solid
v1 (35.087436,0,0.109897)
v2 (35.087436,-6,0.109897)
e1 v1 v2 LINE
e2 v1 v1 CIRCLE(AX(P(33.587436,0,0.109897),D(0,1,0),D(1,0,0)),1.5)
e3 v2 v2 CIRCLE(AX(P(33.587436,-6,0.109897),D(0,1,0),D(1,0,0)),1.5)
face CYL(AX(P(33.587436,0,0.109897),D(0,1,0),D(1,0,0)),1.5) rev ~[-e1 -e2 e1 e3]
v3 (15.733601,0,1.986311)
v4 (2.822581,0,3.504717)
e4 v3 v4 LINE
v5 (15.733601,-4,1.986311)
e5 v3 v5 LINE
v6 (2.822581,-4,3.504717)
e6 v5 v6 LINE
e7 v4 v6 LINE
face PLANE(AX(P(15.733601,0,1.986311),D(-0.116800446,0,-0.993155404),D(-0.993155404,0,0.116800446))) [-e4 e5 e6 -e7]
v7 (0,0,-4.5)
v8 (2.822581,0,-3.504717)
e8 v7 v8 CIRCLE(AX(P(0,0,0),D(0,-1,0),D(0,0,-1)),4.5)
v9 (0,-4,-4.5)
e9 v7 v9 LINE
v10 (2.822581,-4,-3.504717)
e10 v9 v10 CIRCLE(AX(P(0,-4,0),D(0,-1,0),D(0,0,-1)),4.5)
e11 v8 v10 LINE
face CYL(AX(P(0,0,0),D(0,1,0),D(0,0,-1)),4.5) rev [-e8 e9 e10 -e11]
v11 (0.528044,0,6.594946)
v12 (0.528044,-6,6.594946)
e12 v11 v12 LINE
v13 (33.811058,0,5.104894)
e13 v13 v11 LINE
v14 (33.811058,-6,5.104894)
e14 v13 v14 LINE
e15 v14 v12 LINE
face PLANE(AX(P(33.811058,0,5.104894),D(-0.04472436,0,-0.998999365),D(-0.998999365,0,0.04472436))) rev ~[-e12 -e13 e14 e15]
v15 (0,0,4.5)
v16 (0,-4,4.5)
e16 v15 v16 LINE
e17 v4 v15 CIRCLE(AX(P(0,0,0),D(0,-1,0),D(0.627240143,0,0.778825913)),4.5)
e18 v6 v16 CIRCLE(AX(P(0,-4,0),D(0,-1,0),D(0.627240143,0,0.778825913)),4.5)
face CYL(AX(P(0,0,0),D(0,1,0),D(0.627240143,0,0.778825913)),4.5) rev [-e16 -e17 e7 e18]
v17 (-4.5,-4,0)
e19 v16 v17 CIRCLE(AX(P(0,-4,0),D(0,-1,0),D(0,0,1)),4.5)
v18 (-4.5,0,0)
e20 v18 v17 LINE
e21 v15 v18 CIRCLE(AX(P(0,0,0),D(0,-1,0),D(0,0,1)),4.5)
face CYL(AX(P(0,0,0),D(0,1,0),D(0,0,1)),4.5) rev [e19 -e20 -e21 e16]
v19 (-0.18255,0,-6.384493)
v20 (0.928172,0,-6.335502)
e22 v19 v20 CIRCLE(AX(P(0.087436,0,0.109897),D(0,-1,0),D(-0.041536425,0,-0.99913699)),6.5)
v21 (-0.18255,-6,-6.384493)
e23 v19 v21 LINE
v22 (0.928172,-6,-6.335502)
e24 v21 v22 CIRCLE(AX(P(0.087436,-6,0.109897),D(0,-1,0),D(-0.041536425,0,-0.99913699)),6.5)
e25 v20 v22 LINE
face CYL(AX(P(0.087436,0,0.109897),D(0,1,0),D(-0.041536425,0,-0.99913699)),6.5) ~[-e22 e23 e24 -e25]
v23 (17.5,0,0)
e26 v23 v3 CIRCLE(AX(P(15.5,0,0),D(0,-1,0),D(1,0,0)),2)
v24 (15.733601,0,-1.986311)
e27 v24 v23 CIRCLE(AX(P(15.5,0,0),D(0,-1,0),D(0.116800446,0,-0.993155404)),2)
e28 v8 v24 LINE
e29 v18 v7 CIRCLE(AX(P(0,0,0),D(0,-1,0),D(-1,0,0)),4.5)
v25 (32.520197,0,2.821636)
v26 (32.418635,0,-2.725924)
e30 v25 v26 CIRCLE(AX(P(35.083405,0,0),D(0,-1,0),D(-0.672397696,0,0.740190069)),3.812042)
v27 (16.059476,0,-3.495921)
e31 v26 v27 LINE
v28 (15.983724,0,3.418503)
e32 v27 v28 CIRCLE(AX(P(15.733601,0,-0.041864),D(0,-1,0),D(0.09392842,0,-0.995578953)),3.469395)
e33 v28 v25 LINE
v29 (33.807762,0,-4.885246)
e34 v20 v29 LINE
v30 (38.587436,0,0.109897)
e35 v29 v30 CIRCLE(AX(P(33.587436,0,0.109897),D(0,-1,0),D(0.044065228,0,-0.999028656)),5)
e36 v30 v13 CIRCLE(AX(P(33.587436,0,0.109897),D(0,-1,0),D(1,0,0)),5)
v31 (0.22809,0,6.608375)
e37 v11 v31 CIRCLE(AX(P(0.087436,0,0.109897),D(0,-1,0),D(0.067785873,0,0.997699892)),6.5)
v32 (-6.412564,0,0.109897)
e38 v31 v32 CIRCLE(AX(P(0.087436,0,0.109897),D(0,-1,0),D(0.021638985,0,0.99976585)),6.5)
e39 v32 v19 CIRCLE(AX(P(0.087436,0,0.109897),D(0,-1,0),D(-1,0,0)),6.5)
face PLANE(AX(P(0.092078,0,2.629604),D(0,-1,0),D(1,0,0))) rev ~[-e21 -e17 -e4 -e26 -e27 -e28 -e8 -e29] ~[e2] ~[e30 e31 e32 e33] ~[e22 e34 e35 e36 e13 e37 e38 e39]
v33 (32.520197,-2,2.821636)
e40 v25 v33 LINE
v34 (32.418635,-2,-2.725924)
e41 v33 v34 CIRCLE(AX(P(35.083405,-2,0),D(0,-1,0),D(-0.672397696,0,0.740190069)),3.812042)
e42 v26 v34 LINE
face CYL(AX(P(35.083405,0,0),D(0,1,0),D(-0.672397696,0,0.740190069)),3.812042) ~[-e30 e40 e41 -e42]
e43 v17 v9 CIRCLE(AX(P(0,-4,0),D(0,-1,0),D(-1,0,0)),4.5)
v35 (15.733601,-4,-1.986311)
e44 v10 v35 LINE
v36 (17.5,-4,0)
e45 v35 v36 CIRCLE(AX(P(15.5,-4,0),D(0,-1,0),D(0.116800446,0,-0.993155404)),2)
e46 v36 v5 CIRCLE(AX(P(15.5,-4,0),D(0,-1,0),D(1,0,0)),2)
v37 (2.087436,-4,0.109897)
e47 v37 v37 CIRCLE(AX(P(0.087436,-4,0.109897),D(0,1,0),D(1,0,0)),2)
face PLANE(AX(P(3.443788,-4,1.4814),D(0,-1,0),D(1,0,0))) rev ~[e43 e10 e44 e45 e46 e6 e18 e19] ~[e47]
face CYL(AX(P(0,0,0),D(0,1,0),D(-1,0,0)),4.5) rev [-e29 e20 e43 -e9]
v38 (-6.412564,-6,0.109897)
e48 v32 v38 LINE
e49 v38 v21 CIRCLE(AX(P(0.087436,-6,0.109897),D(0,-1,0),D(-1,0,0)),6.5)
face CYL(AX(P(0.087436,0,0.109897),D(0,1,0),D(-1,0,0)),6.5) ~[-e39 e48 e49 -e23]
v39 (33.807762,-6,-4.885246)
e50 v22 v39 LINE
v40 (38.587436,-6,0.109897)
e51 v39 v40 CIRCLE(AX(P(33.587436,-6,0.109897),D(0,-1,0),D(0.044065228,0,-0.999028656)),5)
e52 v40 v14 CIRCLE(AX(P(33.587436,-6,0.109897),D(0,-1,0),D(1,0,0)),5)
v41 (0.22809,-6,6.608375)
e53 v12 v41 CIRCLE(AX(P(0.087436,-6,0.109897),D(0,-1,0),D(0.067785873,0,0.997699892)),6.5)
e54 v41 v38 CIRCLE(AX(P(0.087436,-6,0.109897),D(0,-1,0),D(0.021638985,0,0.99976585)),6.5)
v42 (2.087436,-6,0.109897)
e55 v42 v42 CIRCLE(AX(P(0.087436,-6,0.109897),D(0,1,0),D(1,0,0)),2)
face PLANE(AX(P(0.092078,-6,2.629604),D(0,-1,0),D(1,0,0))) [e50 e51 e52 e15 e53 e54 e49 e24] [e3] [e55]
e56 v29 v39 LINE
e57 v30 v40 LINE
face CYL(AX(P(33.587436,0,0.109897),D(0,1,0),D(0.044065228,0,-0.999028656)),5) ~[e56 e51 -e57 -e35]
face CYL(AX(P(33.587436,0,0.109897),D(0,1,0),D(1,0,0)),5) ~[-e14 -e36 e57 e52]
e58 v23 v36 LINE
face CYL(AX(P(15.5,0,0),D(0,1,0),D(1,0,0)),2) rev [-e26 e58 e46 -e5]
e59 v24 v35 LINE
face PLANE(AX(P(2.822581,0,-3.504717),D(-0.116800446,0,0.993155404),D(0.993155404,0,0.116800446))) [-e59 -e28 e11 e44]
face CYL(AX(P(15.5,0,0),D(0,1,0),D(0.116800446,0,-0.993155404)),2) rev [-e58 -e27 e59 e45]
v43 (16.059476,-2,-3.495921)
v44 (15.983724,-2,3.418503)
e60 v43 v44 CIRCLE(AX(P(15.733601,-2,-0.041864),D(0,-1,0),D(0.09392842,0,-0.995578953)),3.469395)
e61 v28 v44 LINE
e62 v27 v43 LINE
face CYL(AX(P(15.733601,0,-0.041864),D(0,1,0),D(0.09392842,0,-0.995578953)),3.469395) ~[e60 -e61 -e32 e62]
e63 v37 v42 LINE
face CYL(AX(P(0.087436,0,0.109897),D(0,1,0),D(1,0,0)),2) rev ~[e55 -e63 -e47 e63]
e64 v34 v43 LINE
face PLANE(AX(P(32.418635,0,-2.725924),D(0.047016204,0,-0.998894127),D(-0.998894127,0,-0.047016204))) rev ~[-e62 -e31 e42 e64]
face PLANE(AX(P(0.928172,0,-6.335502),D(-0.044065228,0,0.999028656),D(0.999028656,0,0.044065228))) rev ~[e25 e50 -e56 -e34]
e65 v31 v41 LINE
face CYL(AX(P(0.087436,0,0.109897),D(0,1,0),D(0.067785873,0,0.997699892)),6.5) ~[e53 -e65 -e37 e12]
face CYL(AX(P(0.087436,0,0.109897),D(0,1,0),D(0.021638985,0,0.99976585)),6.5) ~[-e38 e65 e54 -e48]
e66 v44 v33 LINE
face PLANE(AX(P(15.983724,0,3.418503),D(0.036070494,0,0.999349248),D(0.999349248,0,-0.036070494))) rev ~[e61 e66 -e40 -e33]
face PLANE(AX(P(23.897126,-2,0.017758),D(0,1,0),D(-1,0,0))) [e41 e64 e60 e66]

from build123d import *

# Parameters (mm, degrees)
F1_DEPTH = 6
F3_DEPTH = 4
F5_DEPTH = 2


with BuildPart() as f1:
    # F0 (on Front) → F1 (new body)
    with BuildSketch(Plane.XZ):
        with BuildLine():
            Line((0.5280444536, 6.5949463177), (0.2280896806, 6.6083750402))
            ThreePointArc((0.2280896806, 6.6083750402), (-4.4587573432, 4.7555534352), (-6.412563722, 0.1098970168))
            Line((-6.412563722, 0.1098970168), (-1.912563722, 0.1098970168))
            ThreePointArc((-1.912563722, 0.1098970168), (0.087436278, 2.1098970168), (2.087436278, 0.1098970168))
            Line((2.087436278, 0.1098970168), (6.587436278, 0.1098970168))
            ThreePointArc((6.587436278, 0.1098970168), (4.8368548288, 4.5475792304), (0.5280444536, 6.5949463177))
        make_face()
        with BuildLine():
            ThreePointArc((0.5280444536, 6.5949463177), (0.3781446168, 6.6033928905), (0.2280896806, 6.6083750402))
            Line((0.2280896806, 6.6083750402), (0.5280444536, 6.5949463177))
        make_face()
        with BuildLine():
            Line((-1.912563722, 0.1098970168), (-6.412563722, 0.1098970168))
            ThreePointArc((-6.412563722, 0.1098970168), (-4.6032413883, -4.3898299783), (-0.1825504819, -6.3844934203))
            Line((-0.1825504819, -6.3844934203), (0.92817218, -6.3355015856))
            ThreePointArc((0.92817218, -6.3355015856), (4.9718391772, -4.1787634173), (6.587436278, 0.1098970168))
            Line((6.587436278, 0.1098970168), (2.087436278, 0.1098970168))
            ThreePointArc((2.087436278, 0.1098970168), (0.087436278, -1.8901029832), (-1.912563722, 0.1098970168))
        make_face()
        with BuildLine():
            Line((33.8110580771, 5.1048938427), (0.5280444536, 6.5949463177))
            ThreePointArc((0.5280444536, 6.5949463177), (4.8368548288, 4.5475792304), (6.587436278, 0.1098970168))
            Line((6.587436278, 0.1098970168), (28.587436278, 0.1098970168))
            ThreePointArc((28.587436278, 0.1098970168), (30.1318689581, 3.7236283983), (33.8110580771, 5.1048938427))
        make_face()
        with BuildLine():
            Line((0.92817218, -6.3355015856), (-0.1825504819, -6.3844934203))
            ThreePointArc((-0.1825504819, -6.3844934203), (0.3738602571, -6.3837892479), (0.92817218, -6.3355015856))
        make_face()
        with BuildLine():
            Line((28.587436278, 0.1098970168), (6.587436278, 0.1098970168))
            ThreePointArc((6.587436278, 0.1098970168), (4.9718391772, -4.1787634173), (0.92817218, -6.3355015856))
            Line((0.92817218, -6.3355015856), (33.8077624157, -4.8852462637))
            ThreePointArc((33.8077624157, -4.8852462637), (30.1306770073, -3.5026942062), (28.587436278, 0.1098970168))
        make_face()
        with BuildLine():
            ThreePointArc((38.587436278, 0.1098970168), (37.2011676595, 3.5654643367), (33.8110580771, 5.1048938427))
            ThreePointArc((33.8110580771, 5.1048938427), (30.1318689581, 3.7236283983), (28.587436278, 0.1098970168))
            Line((28.587436278, 0.1098970168), (32.087436278, 0.1098970168))
            ThreePointArc((32.087436278, 0.1098970168), (33.587436278, 1.6098970168), (35.087436278, 0.1098970168))
            Line((35.087436278, 0.1098970168), (38.587436278, 0.1098970168))
        make_face()
        with BuildLine():
            Line((32.087436278, 0.1098970168), (28.587436278, 0.1098970168))
            ThreePointArc((28.587436278, 0.1098970168), (30.1306770073, -3.5026942062), (33.8077624157, -4.8852462637))
            ThreePointArc((33.8077624157, -4.8852462637), (37.200027501, -3.3468622539), (38.587436278, 0.1098970168))
            Line((38.587436278, 0.1098970168), (35.087436278, 0.1098970168))
            ThreePointArc((35.087436278, 0.1098970168), (33.587436278, -1.3901029832), (32.087436278, 0.1098970168))
        make_face()
    extrude(amount=F1_DEPTH)

    # F2 (on Front) → F3 (cut)
    with BuildSketch(Plane.XZ):
        with BuildLine():
            Line((2.8225806452, 0), (4.5, 0))
            ThreePointArc((4.5, 0), (4.0590400899, 1.9427283774), (2.8225806452, 3.5047166079))
            Line((2.8225806452, 3.5047166079), (2.8225806452, 0))
        make_face()
        with BuildLine():
            Line((13.5, 0), (4.5, 0))
            ThreePointArc((4.5, 0), (4.0590400899, -1.9427283774), (2.8225806452, -3.5047166079))
            Line((2.8225806452, -3.5047166079), (15.7336008924, -1.9863108073))
            ThreePointArc((15.7336008924, -1.9863108073), (14.1709405177, -1.4945236339), (13.5, 0))
        make_face()
        with BuildLine():
            ThreePointArc((2.8225806452, -3.5047166079), (4.0590400899, -1.9427283774), (4.5, 0))
            Line((4.5, 0), (2.8225806452, 0))
            Line((2.8225806452, 0), (2.8225806452, -3.5047166079))
        make_face()
        with BuildLine():
            ThreePointArc((2.8225806452, 3.5047166079), (4.0590400899, 1.9427283774), (4.5, 0))
            Line((4.5, 0), (13.5, 0))
            ThreePointArc((13.5, 0), (14.1709405177, 1.4945236339), (15.7336008924, 1.9863108073))
            Line((15.7336008924, 1.9863108073), (2.8225806452, 3.5047166079))
        make_face()
        with BuildLine():
            Line((2.8225806452, 0), (2.8225806452, 3.5047166079))
            ThreePointArc((2.8225806452, 3.5047166079), (1.496458363, 4.2438911824), (0, 4.5))
            Line((0, 4.5), (0, 0))
            Line((0, 0), (2.8225806452, 0))
        make_face()
        with BuildLine():
            ThreePointArc((0, -4.5), (1.496458363, -4.2438911824), (2.8225806452, -3.5047166079))
            Line((2.8225806452, -3.5047166079), (2.8225806452, 0))
            Line((2.8225806452, 0), (0, 0))
            Line((0, 0), (0, -4.5))
        make_face()
        with BuildLine():
            ThreePointArc((15.7336008924, 1.9863108073), (14.1709405177, 1.4945236339), (13.5, 0))
            ThreePointArc((13.5, 0), (14.1709405177, -1.4945236339), (15.7336008924, -1.9863108073))
            ThreePointArc((15.7336008924, -1.9863108073), (16.9945236339, -1.3290594823), (17.5, 0))
            ThreePointArc((17.5, 0), (16.9945236339, 1.3290594823), (15.7336008924, 1.9863108073))
        make_face()
        with BuildLine():
            Line((0, 0), (0, 4.5))
            ThreePointArc((0, 4.5), (-3.1819805153, 3.1819805153), (-4.5, 0))
            Line((-4.5, 0), (0, 0))
        make_face()
        with BuildLine():
            ThreePointArc((-4.5, 0), (-3.1819805153, -3.1819805153), (0, -4.5))
            Line((0, -4.5), (0, 0))
            Line((0, 0), (-4.5, 0))
        make_face()
    extrude(amount=F3_DEPTH, mode=Mode.SUBTRACT)

    # F4 (on face) → F5 (cut)
    with BuildSketch(Plane(origin=(0, 0, 0), x_dir=(-1, 0, 0), z_dir=(0, 1, 0))):
        with BuildLine():
            ThreePointArc((-16.0594756914, -3.4959212069), (-19.2027878035, -0.0038572282), (-15.9837236084, 3.418502714))
            Line((-15.9837236084, 3.418502714), (-32.5201968963, 2.8216355423))
            ThreePointArc((-32.5201968963, 2.8216355423), (-31.2720018674, 0.0697774052), (-32.4186347425, -2.7259241324))
            Line((-32.4186347425, -2.7259241324), (-16.0594756914, -3.4959212069))
        make_face()
    extrude(amount=-F5_DEPTH, mode=Mode.SUBTRACT)


solid = f1.part
